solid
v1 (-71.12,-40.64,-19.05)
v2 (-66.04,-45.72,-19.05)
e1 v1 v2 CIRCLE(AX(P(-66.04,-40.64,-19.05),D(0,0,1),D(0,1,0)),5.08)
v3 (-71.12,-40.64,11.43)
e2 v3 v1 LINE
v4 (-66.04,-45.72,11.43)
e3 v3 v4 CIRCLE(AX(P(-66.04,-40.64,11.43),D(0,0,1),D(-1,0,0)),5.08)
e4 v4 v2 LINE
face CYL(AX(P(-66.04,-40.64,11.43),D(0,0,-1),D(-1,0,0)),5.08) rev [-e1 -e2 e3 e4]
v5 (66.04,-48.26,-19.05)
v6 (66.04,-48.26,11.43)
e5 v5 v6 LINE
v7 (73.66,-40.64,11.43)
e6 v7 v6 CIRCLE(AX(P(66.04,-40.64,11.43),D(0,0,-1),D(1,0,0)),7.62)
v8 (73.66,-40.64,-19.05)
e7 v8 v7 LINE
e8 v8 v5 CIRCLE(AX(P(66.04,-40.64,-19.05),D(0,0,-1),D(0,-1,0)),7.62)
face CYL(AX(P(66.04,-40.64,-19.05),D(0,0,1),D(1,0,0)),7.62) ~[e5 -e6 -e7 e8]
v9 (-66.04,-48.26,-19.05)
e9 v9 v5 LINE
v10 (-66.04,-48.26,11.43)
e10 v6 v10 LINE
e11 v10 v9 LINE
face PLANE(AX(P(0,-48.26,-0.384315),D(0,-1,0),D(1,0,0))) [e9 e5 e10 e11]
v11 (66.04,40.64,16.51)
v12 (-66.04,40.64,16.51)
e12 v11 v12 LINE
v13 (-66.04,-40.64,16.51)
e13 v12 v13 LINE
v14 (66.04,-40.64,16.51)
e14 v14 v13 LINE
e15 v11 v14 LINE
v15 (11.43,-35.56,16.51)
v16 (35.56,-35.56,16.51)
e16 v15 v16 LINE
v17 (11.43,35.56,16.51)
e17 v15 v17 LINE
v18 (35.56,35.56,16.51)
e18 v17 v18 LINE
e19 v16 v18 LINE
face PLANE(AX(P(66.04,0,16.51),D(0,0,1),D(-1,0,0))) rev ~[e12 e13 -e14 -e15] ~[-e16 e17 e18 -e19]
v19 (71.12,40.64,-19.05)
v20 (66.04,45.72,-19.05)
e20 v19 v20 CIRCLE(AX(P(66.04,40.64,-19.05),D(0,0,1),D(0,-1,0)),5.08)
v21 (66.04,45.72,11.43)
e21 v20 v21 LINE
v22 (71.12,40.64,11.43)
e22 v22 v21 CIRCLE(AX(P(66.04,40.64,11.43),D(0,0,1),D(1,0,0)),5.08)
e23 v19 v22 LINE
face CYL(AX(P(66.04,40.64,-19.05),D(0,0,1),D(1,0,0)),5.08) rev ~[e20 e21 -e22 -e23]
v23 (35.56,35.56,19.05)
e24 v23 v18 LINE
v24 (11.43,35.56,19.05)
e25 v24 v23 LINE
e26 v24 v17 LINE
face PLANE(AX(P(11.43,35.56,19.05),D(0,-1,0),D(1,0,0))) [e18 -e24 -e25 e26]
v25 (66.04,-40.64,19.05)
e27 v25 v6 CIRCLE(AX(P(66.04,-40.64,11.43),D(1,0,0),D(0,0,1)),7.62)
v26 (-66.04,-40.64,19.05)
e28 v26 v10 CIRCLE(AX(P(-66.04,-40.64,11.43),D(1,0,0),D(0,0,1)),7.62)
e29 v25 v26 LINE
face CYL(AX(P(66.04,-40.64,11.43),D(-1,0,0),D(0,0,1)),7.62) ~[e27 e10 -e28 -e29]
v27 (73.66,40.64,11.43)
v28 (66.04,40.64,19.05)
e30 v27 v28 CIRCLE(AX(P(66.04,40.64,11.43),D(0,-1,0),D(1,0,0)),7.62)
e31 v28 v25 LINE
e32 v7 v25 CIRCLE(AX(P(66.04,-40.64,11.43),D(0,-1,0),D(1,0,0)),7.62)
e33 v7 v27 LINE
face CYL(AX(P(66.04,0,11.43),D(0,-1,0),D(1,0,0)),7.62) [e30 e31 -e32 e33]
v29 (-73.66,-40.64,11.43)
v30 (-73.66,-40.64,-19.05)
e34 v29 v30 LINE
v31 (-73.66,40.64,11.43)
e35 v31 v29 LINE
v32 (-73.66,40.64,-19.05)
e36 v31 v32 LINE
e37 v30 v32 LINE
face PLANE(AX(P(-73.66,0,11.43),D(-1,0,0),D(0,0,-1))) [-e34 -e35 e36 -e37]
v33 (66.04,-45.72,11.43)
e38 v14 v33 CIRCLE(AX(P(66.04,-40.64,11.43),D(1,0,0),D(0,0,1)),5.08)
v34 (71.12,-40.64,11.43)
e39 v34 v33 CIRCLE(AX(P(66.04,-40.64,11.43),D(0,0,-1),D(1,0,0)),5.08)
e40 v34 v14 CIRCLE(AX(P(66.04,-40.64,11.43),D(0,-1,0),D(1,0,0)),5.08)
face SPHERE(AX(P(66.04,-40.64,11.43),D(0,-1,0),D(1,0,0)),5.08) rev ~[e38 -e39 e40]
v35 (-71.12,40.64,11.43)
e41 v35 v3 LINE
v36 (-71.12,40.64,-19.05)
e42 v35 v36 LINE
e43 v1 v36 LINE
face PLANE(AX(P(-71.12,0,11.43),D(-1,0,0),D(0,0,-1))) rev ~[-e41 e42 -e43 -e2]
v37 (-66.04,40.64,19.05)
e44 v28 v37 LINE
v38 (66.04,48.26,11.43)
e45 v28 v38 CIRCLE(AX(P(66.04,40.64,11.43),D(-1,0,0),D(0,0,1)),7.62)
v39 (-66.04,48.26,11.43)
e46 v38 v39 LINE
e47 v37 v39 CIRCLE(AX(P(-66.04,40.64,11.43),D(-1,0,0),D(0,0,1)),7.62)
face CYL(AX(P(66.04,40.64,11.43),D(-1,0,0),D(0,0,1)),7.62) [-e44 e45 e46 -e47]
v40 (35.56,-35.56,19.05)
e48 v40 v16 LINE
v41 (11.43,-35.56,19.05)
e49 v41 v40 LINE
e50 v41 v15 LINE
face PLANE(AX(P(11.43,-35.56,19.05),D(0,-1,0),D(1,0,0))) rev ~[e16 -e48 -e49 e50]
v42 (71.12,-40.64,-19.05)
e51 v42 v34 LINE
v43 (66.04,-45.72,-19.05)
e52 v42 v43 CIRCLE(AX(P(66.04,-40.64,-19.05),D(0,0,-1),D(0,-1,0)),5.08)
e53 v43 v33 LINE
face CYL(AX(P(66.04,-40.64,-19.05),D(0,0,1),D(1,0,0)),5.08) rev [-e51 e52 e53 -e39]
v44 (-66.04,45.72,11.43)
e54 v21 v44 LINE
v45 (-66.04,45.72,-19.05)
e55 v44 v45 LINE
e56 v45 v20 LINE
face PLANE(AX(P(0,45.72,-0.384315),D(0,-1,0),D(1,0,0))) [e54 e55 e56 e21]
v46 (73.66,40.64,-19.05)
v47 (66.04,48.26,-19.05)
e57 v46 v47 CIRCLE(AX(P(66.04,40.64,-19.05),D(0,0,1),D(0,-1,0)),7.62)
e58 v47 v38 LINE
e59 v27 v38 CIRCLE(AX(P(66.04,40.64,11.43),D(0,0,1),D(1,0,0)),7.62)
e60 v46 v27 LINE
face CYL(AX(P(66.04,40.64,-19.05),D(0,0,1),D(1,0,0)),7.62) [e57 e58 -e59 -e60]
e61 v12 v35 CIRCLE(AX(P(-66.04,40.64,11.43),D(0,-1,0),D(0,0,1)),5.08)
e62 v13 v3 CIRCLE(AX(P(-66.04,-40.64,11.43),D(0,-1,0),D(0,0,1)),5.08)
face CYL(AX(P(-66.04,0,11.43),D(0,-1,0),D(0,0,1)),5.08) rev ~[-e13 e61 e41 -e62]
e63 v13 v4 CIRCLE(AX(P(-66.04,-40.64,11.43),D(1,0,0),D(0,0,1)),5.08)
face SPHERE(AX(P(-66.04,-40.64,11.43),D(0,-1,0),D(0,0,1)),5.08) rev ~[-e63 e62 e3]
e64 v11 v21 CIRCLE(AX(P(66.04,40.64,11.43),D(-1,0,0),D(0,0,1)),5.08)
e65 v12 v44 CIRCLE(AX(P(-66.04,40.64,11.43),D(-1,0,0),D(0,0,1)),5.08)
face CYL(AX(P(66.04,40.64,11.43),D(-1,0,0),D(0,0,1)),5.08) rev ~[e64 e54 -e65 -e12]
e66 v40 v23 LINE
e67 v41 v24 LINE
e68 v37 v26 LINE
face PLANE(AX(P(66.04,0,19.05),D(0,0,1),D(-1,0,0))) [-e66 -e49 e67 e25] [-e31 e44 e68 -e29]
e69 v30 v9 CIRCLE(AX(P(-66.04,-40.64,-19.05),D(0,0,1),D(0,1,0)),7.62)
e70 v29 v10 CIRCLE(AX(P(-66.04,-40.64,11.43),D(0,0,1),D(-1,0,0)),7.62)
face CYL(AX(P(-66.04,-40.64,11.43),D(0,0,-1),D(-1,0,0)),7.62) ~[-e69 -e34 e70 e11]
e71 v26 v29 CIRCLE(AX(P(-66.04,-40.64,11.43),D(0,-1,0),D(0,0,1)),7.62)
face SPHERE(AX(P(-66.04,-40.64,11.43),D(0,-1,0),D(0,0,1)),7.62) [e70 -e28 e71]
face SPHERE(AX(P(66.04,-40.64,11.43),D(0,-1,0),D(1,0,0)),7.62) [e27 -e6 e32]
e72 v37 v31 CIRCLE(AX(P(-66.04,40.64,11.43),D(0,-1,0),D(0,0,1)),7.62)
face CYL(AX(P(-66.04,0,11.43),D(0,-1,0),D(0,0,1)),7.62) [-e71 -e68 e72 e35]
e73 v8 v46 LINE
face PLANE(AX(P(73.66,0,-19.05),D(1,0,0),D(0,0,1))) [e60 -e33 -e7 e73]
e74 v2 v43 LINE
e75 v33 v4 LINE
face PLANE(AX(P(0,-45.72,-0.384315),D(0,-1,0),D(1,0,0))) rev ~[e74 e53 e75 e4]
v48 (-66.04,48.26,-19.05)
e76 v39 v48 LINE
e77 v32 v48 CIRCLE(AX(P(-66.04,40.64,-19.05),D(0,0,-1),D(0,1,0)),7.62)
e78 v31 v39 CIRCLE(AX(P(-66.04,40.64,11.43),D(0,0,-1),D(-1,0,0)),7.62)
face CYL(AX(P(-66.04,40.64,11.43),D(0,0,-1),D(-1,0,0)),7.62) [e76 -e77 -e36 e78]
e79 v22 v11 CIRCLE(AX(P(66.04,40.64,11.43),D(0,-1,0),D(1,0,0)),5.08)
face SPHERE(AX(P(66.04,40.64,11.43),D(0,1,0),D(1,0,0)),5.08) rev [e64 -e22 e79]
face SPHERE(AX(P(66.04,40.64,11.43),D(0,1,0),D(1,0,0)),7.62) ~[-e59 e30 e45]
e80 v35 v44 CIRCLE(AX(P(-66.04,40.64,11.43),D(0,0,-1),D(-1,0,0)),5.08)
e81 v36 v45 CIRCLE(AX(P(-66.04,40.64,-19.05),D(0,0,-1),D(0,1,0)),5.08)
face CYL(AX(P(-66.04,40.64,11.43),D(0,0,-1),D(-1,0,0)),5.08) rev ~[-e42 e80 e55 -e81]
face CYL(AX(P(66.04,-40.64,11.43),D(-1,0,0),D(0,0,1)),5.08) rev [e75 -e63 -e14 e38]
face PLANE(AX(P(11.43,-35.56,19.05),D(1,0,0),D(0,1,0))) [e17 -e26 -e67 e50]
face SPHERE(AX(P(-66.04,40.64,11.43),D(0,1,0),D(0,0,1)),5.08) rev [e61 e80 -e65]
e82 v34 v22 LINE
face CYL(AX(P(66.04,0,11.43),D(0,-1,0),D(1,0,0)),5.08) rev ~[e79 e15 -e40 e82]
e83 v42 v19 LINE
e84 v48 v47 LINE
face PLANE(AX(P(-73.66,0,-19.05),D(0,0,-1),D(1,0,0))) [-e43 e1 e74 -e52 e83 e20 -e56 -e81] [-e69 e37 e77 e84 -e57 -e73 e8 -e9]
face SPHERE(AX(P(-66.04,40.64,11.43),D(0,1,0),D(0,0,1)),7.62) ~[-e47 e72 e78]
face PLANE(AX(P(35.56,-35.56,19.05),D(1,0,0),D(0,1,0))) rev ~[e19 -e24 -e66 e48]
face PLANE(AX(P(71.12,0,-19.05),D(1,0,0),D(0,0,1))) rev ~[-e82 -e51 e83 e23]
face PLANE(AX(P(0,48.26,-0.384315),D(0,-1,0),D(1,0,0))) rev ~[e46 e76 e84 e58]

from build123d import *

# Parameters (mm, degrees)
F1_DEPTH = 48.26
F2_R     = 7.62
F3_R     = 7.62
F4_T     = -2.54
F5_W     = 24.13
F5_H     = 71.12
F6_DEPTH = 2.54


with BuildPart() as f1:
    # F0 (on Front) → F1 (new body, symmetric)
    with BuildSketch(Plane.XZ):
        with BuildLine():
            ThreePointArc((73.66, 11.43), (71.4281536726, 16.8181536726), (66.04, 19.05))
            Line((66.04, 19.05), (-66.04, 19.05))
            ThreePointArc((-66.04, 19.05), (-71.4281536726, 16.8181536726), (-73.66, 11.43))
            Line((-73.66, 11.43), (-73.66, -19.05))
            Line((-73.66, -19.05), (73.66, -19.05))
            Line((73.66, -19.05), (73.66, 11.43))
        make_face()
    extrude(amount=F1_DEPTH, both=True)

    # F2
    f2_edges = [f1.edges().sort_by_distance(p)[0] for p in [
        (66.04, 0, 19.05),
        (-66.04, 0, 19.05),
        (71.428154, 48.26, 16.818154),
    ]]
    fillet(f2_edges, radius=F2_R)

    # F3
    f3_edges = [f1.edges().sort_by_distance(p)[0] for p in [
        (66.04, -3.81, 19.05),
        (71.428154, -48.26, 16.818154),
    ]]
    fillet(f3_edges, radius=F3_R)

    # F4
    f4_openings = [f1.faces().sort_by_distance(p)[0] for p in [
        (0, 0, -19.05),
    ]]
    offset(amount=F4_T, openings=f4_openings)

    # F5 (on face) → F6 (cut, through all)
    with BuildSketch(Plane.XY.offset(19.05)):
        with Locations((23.495, 0)):
            Rectangle(F5_W, F5_H)
    extrude(amount=-F6_DEPTH, mode=Mode.SUBTRACT)


solid = f1.part
